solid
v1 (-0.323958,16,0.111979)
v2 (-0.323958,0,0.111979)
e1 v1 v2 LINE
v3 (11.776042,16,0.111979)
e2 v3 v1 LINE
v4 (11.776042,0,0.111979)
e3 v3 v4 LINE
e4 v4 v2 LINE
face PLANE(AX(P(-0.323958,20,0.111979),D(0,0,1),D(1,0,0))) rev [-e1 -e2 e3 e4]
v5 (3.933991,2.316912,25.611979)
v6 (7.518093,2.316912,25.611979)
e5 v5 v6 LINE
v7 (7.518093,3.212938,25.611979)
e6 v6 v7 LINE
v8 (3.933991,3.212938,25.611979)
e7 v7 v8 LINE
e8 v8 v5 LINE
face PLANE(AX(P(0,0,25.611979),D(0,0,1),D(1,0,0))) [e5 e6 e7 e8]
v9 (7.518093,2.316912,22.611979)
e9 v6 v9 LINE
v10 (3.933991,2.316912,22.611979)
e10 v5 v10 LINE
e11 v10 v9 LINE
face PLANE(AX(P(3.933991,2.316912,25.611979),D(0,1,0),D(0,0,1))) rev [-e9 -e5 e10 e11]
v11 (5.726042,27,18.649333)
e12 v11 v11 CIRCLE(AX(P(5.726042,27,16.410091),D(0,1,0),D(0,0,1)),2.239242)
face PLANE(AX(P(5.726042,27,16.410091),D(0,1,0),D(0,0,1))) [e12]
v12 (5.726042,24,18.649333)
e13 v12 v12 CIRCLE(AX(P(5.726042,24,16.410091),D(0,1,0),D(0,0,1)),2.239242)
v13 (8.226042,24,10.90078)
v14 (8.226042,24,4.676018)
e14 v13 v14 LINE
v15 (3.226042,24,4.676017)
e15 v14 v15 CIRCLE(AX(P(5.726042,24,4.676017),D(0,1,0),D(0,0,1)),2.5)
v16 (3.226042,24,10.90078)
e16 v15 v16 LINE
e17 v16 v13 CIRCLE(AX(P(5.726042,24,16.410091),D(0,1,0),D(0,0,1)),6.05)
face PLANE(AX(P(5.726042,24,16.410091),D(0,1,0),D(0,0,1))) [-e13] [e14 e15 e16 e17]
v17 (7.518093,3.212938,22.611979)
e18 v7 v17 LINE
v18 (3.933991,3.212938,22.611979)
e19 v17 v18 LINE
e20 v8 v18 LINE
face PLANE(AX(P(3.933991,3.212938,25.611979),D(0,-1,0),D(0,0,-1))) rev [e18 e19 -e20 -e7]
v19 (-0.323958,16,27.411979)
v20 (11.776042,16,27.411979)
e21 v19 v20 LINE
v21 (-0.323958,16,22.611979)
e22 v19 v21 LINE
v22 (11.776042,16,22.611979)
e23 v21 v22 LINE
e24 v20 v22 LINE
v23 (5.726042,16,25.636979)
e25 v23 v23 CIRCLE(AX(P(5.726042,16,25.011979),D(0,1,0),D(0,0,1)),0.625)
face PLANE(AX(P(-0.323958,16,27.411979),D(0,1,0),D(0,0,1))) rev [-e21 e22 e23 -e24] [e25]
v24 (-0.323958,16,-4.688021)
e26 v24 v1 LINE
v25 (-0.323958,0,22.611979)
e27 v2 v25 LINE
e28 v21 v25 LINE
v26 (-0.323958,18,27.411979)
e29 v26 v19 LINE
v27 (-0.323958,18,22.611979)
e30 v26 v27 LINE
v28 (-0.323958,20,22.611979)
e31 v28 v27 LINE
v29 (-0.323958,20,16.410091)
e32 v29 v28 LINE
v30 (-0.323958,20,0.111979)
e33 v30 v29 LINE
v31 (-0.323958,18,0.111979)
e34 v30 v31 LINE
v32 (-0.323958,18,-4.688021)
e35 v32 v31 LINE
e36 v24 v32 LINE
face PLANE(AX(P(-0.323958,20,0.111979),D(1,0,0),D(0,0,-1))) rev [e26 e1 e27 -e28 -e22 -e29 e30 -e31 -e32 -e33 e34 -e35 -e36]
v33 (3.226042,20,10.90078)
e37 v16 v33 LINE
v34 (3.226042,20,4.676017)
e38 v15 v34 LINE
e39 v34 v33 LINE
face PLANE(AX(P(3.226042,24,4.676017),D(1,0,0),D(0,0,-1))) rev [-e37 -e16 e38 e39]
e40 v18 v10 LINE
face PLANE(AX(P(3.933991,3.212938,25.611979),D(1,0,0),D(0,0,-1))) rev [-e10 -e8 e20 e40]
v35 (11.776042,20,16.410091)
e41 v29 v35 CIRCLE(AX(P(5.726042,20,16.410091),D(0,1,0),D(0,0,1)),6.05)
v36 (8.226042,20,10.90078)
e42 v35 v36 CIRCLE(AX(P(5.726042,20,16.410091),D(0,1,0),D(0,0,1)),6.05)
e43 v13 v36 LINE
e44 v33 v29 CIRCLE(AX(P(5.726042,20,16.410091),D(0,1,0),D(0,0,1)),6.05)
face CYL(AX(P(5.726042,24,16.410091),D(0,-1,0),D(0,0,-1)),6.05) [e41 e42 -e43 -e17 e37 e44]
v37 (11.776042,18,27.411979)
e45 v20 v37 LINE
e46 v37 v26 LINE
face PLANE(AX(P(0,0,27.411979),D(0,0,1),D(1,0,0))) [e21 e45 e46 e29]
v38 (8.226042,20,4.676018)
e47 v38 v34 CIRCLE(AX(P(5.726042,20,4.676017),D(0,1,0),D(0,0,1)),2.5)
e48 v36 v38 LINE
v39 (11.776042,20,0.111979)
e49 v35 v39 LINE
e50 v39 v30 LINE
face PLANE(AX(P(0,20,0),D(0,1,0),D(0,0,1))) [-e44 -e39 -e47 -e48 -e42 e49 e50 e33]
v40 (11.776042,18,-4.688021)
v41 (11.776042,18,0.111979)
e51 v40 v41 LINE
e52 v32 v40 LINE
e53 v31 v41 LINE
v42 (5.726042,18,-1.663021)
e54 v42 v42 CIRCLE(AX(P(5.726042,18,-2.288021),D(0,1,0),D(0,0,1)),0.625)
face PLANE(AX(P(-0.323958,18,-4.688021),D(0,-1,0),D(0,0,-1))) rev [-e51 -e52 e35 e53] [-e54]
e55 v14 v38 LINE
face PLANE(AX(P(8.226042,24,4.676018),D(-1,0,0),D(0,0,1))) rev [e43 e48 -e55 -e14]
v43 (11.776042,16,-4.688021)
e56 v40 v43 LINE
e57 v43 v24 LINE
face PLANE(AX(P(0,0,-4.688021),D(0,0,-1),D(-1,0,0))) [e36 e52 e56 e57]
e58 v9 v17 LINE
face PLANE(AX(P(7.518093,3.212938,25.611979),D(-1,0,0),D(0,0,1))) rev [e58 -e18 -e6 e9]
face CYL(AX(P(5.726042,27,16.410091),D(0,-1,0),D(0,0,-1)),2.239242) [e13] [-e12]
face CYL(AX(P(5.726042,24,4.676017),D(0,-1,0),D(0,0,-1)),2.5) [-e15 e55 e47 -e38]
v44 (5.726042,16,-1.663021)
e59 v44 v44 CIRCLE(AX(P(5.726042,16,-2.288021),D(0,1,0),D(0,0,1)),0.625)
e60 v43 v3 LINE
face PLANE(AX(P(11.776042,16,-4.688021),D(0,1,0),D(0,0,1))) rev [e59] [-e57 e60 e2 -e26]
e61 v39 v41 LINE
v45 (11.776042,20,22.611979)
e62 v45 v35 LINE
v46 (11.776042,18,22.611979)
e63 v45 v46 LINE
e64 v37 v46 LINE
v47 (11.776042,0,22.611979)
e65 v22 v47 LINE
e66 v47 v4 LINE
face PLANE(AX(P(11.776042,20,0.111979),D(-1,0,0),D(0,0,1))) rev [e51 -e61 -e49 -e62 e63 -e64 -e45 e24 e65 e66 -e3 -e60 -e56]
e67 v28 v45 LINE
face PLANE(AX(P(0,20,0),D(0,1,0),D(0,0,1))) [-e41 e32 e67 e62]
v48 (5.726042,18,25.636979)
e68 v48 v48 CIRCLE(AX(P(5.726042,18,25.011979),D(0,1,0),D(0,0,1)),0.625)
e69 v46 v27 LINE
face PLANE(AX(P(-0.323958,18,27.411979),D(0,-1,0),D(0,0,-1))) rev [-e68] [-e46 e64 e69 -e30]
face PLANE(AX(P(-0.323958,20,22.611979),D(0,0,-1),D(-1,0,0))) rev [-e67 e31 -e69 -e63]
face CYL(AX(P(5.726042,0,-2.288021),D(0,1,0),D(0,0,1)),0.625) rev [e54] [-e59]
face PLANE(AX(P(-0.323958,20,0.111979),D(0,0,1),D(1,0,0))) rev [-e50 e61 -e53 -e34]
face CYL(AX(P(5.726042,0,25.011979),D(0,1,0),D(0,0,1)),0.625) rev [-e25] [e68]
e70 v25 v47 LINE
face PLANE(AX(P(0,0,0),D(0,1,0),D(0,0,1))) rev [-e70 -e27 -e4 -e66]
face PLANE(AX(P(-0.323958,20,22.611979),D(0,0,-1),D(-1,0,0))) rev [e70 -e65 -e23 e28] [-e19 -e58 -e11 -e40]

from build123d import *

# Parameters (mm, degrees)
SKETCH_1_W          = 12.1
SKETCH_1_H          = 22.5
EXTRUDE_1_DEPTH     = 20
SKETCH_2_W          = 12.1
SKETCH_2_H          = 2
EXTRUDE_2_DEPTH     = 4.8
SKETCH_3_W          = 12.1
SKETCH_3_H          = 2
EXTRUDE_3_DEPTH     = 4.8
SKETCH_4_R          = 0.625
CUT_EXTRUDE_1_DEPTH = 35.843819526
EXTRUDE_4_DEPTH     = 4
SKETCH_6_R          = 2.239241923
EXTRUDE_5_DEPTH     = 3
SKETCH_7_W          = 3.584102009
SKETCH_7_H          = 0.896025503
EXTRUDE_6_DEPTH     = 3


with BuildPart() as part:
    # 草图1 → 凸台-拉伸1 (new body)
    with BuildSketch(Plane(origin=(0, 0, 0), x_dir=(1, 0, 0), z_dir=(0, 1, 0))):
        with Locations((5.726041667, -11.361979167)):
            Rectangle(SKETCH_1_W, SKETCH_1_H)
    extrude(amount=EXTRUDE_1_DEPTH)

    # 草图2 → 凸台-拉伸2 (add)
    with BuildSketch(Plane.XY.offset(22.611979167)):
        with Locations((5.726041667, 17)):
            Rectangle(SKETCH_2_W, SKETCH_2_H)
    extrude(amount=EXTRUDE_2_DEPTH)

    # 草图3 → 凸台-拉伸3 (add)
    with BuildSketch(Plane(origin=(0, 0, 0.111979167), x_dir=(-1, 0, 0), z_dir=(0, 0, -1))):
        with Locations((-5.726041667, 17)):
            Rectangle(SKETCH_3_W, SKETCH_3_H)
    extrude(amount=EXTRUDE_3_DEPTH)

    # 草图4 → 切除-拉伸1 (cut, through all)
    with BuildSketch(Plane(origin=(0, 18, 0), x_dir=(1, 0, 0), z_dir=(0, 1, 0))):
        with Locations(Location((5.726041667, 2.288020833, 0), (0, 0, 270))):
            Circle(SKETCH_4_R)
        with Locations(Location((5.726041667, -25.011979167, 0), (0, 0, 270))):
            Circle(SKETCH_4_R)
    extrude(amount=-CUT_EXTRUDE_1_DEPTH, mode=Mode.SUBTRACT)

    # 草图5 → 凸台-拉伸4 (add)
    with BuildSketch(Plane(origin=(0, 20, 0), x_dir=(1, 0, 0), z_dir=(0, 1, 0))):
        with BuildLine():
            Line((8.226041667, -4.676017513), (8.226041667, -10.900780437))
            ThreePointArc((8.226041667, -10.900780437), (5.726041667, -22.460090739), (3.226041667, -10.900780437))
            Line((3.226041667, -10.900780437), (3.226041667, -4.676017412))
            ThreePointArc((3.226041667, -4.676017412), (5.726041717, -2.176017463), (8.226041667, -4.676017513))
        make_face()
    extrude(amount=EXTRUDE_4_DEPTH)

    # 草图6 → 凸台-拉伸5 (add)
    with BuildSketch(Plane(origin=(0, 24, 0), x_dir=(1, 0, 0), z_dir=(0, 1, 0))):
        with Locations(Location((5.726041667, -16.410090739, 0), (0, 0, 270))):
            Circle(SKETCH_6_R)
    extrude(amount=EXTRUDE_5_DEPTH)

    # 草图7 → 凸台-拉伸6 (add)
    with BuildSketch(Plane.XY.offset(22.611979167)):
        with Locations((5.726041667, 2.764925233)):
            Rectangle(SKETCH_7_W, SKETCH_7_H)
    extrude(amount=EXTRUDE_6_DEPTH)


solid = part.part
